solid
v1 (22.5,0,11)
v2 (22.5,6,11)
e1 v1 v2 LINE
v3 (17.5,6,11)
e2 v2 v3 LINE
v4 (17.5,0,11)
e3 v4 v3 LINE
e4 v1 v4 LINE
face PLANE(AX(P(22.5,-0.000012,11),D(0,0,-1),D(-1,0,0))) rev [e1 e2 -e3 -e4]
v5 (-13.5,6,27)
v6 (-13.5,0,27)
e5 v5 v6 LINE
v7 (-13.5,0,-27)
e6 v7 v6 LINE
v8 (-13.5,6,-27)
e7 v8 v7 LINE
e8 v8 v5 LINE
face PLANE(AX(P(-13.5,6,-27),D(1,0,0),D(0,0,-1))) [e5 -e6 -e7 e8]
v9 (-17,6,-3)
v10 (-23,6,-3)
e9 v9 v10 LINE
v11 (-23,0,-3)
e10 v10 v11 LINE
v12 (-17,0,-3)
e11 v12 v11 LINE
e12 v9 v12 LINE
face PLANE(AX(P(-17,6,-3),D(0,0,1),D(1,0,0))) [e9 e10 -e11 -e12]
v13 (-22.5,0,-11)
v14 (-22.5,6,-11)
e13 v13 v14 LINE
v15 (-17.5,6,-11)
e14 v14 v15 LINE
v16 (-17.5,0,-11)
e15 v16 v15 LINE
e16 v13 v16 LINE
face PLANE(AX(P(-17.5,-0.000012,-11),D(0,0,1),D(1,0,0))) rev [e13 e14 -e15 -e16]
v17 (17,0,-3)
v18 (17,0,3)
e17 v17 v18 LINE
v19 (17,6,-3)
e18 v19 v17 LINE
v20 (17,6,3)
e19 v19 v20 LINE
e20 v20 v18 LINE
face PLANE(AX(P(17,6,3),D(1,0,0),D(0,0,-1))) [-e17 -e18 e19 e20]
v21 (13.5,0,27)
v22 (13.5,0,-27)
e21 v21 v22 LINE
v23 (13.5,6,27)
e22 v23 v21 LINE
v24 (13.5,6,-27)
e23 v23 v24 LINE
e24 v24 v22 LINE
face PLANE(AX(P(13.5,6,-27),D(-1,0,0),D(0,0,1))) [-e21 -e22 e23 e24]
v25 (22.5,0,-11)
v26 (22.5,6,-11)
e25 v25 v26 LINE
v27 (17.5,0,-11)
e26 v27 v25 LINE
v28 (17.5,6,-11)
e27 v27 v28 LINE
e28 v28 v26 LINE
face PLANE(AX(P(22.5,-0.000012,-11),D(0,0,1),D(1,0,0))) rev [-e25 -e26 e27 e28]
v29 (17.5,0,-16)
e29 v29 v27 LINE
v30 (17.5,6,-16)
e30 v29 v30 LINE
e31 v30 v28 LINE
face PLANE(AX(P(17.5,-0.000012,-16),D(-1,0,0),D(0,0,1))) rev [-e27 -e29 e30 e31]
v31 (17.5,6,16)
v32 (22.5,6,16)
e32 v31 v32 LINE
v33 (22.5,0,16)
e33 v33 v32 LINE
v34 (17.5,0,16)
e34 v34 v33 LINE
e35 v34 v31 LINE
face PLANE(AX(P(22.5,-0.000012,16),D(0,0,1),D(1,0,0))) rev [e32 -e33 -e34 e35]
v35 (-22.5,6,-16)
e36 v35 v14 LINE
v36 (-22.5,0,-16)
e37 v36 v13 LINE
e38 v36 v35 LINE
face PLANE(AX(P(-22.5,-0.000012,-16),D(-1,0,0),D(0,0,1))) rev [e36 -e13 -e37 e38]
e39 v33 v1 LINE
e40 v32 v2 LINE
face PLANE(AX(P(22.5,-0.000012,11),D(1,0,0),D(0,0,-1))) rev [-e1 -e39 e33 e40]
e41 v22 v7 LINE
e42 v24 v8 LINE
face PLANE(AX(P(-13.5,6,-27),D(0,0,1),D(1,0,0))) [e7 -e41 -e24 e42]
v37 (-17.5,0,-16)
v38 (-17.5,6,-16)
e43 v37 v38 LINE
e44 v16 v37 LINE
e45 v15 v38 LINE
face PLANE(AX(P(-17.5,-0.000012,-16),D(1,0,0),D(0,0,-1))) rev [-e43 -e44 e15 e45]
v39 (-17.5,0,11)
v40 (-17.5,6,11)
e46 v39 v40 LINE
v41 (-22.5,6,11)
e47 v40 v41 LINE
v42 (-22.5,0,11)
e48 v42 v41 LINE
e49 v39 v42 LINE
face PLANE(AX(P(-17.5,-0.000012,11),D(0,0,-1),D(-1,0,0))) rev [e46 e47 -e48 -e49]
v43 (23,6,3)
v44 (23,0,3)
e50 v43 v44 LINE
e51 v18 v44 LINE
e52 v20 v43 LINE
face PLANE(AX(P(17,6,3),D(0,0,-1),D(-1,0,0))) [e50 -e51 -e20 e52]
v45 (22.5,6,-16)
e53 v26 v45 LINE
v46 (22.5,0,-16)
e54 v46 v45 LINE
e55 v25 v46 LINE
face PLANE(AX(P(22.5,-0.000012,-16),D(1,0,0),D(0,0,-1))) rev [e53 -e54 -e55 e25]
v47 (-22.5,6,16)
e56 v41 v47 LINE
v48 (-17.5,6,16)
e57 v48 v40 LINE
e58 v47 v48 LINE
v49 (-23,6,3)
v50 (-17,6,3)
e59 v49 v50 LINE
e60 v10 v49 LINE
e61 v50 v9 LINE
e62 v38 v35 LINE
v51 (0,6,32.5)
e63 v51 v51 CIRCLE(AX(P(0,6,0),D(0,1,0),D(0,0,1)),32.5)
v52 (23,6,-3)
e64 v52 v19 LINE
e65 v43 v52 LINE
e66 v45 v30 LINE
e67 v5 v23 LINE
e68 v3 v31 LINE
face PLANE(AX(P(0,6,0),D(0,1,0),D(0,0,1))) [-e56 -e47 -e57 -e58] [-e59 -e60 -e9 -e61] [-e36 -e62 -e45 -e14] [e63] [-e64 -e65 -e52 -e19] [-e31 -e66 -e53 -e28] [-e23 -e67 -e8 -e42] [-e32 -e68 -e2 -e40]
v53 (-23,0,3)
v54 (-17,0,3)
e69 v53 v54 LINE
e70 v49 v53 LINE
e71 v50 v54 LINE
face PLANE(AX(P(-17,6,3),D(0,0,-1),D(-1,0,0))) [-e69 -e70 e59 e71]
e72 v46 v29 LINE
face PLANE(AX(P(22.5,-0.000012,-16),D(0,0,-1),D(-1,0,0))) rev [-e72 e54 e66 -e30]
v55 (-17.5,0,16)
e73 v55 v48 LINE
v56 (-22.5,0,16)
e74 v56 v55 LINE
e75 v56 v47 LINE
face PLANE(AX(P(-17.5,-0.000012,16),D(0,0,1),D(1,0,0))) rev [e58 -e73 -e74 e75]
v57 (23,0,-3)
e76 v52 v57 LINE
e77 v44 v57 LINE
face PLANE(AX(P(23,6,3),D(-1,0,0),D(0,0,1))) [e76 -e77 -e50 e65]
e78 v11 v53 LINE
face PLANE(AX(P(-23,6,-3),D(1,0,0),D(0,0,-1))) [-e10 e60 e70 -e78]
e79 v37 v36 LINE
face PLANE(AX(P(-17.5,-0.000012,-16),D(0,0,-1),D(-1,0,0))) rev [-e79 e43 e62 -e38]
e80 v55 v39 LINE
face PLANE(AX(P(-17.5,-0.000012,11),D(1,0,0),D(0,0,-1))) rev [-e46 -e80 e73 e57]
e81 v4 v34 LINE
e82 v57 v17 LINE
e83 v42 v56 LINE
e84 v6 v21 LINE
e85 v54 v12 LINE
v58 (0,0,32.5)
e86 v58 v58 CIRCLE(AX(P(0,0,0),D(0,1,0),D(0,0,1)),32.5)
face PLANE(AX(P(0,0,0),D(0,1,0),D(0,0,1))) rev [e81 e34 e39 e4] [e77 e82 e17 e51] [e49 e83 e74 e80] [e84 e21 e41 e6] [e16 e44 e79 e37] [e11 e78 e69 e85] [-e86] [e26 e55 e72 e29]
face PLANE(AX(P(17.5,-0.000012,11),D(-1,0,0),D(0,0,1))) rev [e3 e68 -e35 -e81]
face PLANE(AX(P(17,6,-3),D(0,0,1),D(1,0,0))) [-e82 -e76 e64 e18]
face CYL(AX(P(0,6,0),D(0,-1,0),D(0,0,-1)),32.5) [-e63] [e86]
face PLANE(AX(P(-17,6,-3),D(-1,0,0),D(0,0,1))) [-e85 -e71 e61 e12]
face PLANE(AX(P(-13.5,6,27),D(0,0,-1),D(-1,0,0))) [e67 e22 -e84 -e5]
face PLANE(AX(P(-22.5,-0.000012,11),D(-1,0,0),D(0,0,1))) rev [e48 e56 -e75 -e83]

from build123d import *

# Parameters (mm, degrees)
SKETCH1_R               = 32.5
SKETCH1_W               = 6
SKETCH1_H               = 6
SKETCH1_W_2             = 27
SKETCH1_H_2             = 54
BOSS_EXTRUDE1_DEPTH     = 6
CUT_EXTRUDE2_DEPTH      = 47.351914739
CUT_EXTRUDE2_DEPTH_BACK = 47.351914739
SKETCH2_W               = 5
SKETCH2_H               = 5


with BuildPart() as part:
    # Sketch1 → Boss-Extrude1 (new body)
    with BuildSketch(Plane(origin=(0, 0, 0), x_dir=(1, 0, 0), z_dir=(0, 1, 0))):
        with Locations(Location((0, 0, 0), (0, 0, 270))):
            Circle(SKETCH1_R)
        with Locations((-20, 0)):
            Rectangle(SKETCH1_W, SKETCH1_H, mode=Mode.SUBTRACT)
        Rectangle(SKETCH1_W_2, SKETCH1_H_2, mode=Mode.SUBTRACT)
        with Locations((20, 0)):
            Rectangle(SKETCH1_W, SKETCH1_H, mode=Mode.SUBTRACT)
    extrude(amount=BOSS_EXTRUDE1_DEPTH)

    # Sketch2 → Cut-Extrude2 (cut, two sides: drawn at the far end of the back side and taken through both)
    with BuildSketch(Plane(origin=(0, 0, 0), x_dir=(1, 0, 0), z_dir=(0, 1, 0)).offset(-CUT_EXTRUDE2_DEPTH_BACK)):
        with Locations((-20, 13.5)):
            Rectangle(SKETCH2_W, SKETCH2_H)
        with Locations((-20, -13.5)):
            Rectangle(SKETCH2_W, SKETCH2_H)
        with Locations((20, -13.5)):
            Rectangle(SKETCH2_W, SKETCH2_H)
        with Locations((20, 13.5)):
            Rectangle(SKETCH2_W, SKETCH2_H)
    extrude(amount=CUT_EXTRUDE2_DEPTH + CUT_EXTRUDE2_DEPTH_BACK, mode=Mode.SUBTRACT)


solid = part.part
